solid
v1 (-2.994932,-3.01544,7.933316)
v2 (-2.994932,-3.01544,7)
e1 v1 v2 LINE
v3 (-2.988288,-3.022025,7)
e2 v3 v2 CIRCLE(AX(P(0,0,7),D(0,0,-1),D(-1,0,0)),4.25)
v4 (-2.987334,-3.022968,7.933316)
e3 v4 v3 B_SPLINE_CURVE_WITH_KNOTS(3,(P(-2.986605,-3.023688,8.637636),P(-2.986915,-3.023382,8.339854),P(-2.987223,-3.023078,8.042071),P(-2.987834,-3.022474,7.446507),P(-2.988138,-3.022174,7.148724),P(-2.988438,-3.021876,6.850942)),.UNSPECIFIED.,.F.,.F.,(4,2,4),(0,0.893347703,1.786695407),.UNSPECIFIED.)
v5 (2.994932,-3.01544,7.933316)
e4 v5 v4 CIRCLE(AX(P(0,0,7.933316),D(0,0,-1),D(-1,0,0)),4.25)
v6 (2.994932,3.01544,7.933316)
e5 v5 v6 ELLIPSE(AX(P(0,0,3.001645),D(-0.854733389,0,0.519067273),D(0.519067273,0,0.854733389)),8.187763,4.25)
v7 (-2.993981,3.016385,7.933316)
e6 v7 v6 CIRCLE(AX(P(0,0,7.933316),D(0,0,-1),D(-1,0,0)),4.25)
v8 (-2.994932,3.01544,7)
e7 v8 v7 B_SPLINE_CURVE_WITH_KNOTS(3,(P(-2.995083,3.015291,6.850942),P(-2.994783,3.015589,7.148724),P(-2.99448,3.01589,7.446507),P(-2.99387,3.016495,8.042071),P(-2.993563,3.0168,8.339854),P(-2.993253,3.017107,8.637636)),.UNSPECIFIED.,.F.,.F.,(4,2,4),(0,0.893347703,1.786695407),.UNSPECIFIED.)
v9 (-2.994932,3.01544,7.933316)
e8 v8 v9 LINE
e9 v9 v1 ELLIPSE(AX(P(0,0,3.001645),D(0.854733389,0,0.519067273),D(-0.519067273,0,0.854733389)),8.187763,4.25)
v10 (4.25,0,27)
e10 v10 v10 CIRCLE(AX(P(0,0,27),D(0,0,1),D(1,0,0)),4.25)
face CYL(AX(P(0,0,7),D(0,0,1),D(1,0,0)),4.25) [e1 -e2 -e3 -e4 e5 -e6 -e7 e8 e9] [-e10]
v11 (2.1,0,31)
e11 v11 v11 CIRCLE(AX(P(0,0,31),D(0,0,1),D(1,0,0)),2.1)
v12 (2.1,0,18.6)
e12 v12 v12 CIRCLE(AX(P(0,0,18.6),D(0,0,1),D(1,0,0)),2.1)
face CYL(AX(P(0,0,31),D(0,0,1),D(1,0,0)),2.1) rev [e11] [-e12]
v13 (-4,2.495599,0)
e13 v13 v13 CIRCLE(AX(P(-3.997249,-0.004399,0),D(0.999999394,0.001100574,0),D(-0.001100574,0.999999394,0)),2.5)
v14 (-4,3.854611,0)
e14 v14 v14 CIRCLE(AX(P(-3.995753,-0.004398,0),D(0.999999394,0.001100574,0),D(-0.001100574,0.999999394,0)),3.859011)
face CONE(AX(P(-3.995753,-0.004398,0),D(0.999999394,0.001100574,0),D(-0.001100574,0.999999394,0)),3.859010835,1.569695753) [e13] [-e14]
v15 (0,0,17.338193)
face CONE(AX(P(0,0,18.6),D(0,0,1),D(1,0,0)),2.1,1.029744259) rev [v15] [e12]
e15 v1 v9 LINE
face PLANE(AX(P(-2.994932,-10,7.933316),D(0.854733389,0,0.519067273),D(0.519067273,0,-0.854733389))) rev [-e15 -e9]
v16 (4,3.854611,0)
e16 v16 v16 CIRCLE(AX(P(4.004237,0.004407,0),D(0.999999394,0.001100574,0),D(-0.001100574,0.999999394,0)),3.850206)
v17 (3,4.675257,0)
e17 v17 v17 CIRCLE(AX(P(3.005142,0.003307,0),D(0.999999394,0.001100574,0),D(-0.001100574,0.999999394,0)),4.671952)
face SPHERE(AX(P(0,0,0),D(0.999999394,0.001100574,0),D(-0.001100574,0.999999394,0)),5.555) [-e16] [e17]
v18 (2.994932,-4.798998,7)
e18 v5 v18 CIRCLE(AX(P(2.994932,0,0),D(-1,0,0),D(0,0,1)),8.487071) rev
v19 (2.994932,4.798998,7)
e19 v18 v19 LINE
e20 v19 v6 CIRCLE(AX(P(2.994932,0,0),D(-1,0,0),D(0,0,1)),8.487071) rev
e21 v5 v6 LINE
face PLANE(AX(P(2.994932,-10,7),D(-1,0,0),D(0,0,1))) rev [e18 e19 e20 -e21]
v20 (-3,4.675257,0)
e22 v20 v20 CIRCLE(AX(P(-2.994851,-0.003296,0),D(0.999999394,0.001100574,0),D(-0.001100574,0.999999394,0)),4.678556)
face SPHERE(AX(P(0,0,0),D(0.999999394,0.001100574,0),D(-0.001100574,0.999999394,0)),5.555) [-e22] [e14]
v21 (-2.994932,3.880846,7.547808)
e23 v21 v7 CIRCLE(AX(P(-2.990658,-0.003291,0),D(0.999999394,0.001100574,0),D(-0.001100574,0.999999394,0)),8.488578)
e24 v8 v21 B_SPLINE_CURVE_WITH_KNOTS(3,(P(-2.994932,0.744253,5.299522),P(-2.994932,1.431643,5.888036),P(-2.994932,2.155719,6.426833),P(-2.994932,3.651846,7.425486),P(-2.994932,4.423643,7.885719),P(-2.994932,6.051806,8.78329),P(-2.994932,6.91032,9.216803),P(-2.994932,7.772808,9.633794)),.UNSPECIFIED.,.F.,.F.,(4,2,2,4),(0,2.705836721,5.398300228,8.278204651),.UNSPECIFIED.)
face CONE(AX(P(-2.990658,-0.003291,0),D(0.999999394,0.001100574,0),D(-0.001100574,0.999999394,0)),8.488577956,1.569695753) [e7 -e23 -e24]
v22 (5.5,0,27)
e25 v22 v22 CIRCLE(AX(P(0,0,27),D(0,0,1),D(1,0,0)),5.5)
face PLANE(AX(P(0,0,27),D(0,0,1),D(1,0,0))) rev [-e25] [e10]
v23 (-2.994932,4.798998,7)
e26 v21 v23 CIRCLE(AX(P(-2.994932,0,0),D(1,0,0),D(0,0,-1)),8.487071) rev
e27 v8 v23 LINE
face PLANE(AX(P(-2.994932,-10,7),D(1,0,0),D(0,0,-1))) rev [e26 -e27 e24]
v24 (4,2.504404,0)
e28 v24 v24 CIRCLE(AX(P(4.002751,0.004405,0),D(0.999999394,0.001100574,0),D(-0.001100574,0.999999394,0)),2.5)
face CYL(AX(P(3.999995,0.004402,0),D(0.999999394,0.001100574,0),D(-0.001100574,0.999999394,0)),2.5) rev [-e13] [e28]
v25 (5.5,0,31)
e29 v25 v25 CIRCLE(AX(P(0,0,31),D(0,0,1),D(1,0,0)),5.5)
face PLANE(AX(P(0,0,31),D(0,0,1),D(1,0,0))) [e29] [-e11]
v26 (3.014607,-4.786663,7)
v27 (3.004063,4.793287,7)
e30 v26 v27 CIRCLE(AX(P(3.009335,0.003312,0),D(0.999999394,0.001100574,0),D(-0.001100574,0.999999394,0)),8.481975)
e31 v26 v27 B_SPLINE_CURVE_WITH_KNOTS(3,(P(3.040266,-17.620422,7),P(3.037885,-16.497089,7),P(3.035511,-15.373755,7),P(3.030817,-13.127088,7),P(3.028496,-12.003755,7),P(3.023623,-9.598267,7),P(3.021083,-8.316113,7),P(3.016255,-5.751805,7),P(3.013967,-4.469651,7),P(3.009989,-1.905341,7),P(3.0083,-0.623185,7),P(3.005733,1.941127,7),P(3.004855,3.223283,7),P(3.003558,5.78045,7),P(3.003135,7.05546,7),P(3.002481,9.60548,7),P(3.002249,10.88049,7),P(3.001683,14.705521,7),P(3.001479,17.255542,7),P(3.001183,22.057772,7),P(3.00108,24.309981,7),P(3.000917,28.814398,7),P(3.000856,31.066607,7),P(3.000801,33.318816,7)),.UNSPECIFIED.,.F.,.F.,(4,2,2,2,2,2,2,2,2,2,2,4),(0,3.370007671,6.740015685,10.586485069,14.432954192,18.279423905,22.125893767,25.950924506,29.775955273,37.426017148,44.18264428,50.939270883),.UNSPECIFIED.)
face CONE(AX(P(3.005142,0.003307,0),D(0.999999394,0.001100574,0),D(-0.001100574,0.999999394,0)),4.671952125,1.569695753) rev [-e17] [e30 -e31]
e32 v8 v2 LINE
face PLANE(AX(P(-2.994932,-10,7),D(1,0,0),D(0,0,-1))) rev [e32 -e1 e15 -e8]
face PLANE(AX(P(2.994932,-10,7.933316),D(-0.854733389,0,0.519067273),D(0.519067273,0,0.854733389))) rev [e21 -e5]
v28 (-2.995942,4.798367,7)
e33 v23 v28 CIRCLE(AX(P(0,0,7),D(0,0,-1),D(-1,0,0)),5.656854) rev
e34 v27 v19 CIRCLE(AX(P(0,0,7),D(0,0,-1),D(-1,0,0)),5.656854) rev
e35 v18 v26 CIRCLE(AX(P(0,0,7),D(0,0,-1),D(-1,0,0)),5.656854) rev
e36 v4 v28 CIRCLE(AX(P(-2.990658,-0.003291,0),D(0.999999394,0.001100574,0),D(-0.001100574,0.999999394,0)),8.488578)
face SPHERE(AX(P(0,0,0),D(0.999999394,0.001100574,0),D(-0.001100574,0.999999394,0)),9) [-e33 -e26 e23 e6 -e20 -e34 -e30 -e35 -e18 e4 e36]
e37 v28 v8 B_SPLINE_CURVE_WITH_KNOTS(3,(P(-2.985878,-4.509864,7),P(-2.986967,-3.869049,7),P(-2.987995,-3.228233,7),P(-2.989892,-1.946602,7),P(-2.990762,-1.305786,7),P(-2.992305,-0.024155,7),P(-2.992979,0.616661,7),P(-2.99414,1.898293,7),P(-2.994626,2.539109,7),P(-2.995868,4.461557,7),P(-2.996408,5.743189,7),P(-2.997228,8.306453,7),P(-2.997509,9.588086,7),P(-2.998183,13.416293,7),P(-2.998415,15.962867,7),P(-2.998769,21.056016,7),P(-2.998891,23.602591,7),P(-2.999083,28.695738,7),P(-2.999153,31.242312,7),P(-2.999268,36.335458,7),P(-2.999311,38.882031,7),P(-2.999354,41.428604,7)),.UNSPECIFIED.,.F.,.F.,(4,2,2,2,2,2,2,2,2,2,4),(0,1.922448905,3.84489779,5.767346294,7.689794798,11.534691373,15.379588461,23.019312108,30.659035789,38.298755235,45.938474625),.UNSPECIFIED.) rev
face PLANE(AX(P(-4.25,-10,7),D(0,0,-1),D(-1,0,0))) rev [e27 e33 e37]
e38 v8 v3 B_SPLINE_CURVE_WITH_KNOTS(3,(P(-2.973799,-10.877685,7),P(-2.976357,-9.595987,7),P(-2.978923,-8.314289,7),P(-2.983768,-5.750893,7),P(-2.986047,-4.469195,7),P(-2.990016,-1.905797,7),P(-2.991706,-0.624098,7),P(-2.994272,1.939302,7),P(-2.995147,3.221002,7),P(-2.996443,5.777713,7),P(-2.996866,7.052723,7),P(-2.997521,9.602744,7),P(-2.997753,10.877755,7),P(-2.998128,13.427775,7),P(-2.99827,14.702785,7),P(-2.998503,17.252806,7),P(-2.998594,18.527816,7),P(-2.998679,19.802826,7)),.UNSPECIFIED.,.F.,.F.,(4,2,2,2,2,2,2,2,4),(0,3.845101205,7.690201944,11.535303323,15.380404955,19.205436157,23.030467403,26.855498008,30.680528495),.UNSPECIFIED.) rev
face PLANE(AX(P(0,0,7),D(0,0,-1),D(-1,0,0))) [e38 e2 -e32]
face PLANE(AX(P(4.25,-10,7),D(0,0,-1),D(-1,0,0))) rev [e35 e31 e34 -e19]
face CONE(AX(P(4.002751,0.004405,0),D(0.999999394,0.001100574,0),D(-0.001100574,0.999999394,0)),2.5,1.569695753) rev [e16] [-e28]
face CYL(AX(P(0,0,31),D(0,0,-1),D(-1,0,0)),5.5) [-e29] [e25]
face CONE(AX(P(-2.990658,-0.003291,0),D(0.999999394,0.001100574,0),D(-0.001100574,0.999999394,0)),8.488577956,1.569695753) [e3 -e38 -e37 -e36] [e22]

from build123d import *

# Parameters (mm, degrees)
SKETCH_3_R             = 5.5
EXTRUDE_2_DEPTH        = 4
SKETCH_4_R             = 4.25
EXTRUDE_3_DEPTH        = 20
CUT_EXTRUDE_1_DEPTH    = 10
HOLE_WIZARD_M5_1_D     = 4.2
HOLE_WIZARD_M5_1_DEPTH = 12.4
HOLE_WIZARD_M5_1_TIP   = 1.2618073


with BuildPart() as part:
    # 草图1 → 旋转1 (revolve)
    with BuildSketch(Plane.XY):
        with BuildLine():
            Line((-4, 3.854610875), (-4, 2.495599217))
            Line((-4, 2.495599217), (4, 2.504403811))
            Line((4, 2.504403811), (4, 3.854610875))
            ThreePointArc((4, 3.854610875), (3.523970046, 4.294142536), (3, 4.675256677))
            Line((3, 4.675256677), (3, 8.485281374))
            ThreePointArc((3, 8.485281374), (0, 9), (-3, 8.485281374))
            Line((-3, 8.485281374), (-3, 4.675256677))
            ThreePointArc((-3, 4.675256677), (-3.523970046, 4.294142536), (-4, 3.854610875))
        make_face()
    revolve(axis=Axis((3.999995155, 0.004402291, 0), (-0.999999394, -0.001100574, 0)))



with BuildPart() as body_2:
    # 草图3 → 凸台-拉伸2 (new body)
    with BuildSketch(Plane.XY.offset(27)):
        Circle(SKETCH_3_R)
    extrude(amount=EXTRUDE_2_DEPTH)


with BuildPart() as part_1:
    add(part.part)

    add(body_2.part)  # 凸台-拉伸3 merges body 2
    # 草图4 → 凸台-拉伸3 (add)
    with BuildSketch(Plane(origin=(0, 0, 27), x_dir=(-1, 0, 0), z_dir=(0, 0, -1))):
        Circle(SKETCH_4_R)
    extrude(amount=EXTRUDE_3_DEPTH)

    # 草图5 → 切除-拉伸1 (cut, symmetric)
    with BuildSketch(Plane(origin=(0, 0, 0), x_dir=(1, 0, 0), z_dir=(0, 1, 0))):
        Polygon((-2.994932477, -7), (-2.994932477, -7.933315826), (-4.25, -10), (-4.25, -7), align=None)
        Polygon((4.25, -7), (2.994932477, -7), (2.994932477, -7.933315826), (4.25, -10), align=None)
    extrude(amount=CUT_EXTRUDE_1_DEPTH, both=True, mode=Mode.SUBTRACT)

    # M5 螺纹孔1
    with Locations(Plane.XY.offset(31)):
        with Locations((0, 0)):
            Hole(HOLE_WIZARD_M5_1_D / 2, depth=HOLE_WIZARD_M5_1_DEPTH)
            with Locations((0, 0, -(HOLE_WIZARD_M5_1_DEPTH + HOLE_WIZARD_M5_1_TIP / 2))):  # 118° drill point
                Cone(0, HOLE_WIZARD_M5_1_D / 2, HOLE_WIZARD_M5_1_TIP, mode=Mode.SUBTRACT)


solid = part_1.part
